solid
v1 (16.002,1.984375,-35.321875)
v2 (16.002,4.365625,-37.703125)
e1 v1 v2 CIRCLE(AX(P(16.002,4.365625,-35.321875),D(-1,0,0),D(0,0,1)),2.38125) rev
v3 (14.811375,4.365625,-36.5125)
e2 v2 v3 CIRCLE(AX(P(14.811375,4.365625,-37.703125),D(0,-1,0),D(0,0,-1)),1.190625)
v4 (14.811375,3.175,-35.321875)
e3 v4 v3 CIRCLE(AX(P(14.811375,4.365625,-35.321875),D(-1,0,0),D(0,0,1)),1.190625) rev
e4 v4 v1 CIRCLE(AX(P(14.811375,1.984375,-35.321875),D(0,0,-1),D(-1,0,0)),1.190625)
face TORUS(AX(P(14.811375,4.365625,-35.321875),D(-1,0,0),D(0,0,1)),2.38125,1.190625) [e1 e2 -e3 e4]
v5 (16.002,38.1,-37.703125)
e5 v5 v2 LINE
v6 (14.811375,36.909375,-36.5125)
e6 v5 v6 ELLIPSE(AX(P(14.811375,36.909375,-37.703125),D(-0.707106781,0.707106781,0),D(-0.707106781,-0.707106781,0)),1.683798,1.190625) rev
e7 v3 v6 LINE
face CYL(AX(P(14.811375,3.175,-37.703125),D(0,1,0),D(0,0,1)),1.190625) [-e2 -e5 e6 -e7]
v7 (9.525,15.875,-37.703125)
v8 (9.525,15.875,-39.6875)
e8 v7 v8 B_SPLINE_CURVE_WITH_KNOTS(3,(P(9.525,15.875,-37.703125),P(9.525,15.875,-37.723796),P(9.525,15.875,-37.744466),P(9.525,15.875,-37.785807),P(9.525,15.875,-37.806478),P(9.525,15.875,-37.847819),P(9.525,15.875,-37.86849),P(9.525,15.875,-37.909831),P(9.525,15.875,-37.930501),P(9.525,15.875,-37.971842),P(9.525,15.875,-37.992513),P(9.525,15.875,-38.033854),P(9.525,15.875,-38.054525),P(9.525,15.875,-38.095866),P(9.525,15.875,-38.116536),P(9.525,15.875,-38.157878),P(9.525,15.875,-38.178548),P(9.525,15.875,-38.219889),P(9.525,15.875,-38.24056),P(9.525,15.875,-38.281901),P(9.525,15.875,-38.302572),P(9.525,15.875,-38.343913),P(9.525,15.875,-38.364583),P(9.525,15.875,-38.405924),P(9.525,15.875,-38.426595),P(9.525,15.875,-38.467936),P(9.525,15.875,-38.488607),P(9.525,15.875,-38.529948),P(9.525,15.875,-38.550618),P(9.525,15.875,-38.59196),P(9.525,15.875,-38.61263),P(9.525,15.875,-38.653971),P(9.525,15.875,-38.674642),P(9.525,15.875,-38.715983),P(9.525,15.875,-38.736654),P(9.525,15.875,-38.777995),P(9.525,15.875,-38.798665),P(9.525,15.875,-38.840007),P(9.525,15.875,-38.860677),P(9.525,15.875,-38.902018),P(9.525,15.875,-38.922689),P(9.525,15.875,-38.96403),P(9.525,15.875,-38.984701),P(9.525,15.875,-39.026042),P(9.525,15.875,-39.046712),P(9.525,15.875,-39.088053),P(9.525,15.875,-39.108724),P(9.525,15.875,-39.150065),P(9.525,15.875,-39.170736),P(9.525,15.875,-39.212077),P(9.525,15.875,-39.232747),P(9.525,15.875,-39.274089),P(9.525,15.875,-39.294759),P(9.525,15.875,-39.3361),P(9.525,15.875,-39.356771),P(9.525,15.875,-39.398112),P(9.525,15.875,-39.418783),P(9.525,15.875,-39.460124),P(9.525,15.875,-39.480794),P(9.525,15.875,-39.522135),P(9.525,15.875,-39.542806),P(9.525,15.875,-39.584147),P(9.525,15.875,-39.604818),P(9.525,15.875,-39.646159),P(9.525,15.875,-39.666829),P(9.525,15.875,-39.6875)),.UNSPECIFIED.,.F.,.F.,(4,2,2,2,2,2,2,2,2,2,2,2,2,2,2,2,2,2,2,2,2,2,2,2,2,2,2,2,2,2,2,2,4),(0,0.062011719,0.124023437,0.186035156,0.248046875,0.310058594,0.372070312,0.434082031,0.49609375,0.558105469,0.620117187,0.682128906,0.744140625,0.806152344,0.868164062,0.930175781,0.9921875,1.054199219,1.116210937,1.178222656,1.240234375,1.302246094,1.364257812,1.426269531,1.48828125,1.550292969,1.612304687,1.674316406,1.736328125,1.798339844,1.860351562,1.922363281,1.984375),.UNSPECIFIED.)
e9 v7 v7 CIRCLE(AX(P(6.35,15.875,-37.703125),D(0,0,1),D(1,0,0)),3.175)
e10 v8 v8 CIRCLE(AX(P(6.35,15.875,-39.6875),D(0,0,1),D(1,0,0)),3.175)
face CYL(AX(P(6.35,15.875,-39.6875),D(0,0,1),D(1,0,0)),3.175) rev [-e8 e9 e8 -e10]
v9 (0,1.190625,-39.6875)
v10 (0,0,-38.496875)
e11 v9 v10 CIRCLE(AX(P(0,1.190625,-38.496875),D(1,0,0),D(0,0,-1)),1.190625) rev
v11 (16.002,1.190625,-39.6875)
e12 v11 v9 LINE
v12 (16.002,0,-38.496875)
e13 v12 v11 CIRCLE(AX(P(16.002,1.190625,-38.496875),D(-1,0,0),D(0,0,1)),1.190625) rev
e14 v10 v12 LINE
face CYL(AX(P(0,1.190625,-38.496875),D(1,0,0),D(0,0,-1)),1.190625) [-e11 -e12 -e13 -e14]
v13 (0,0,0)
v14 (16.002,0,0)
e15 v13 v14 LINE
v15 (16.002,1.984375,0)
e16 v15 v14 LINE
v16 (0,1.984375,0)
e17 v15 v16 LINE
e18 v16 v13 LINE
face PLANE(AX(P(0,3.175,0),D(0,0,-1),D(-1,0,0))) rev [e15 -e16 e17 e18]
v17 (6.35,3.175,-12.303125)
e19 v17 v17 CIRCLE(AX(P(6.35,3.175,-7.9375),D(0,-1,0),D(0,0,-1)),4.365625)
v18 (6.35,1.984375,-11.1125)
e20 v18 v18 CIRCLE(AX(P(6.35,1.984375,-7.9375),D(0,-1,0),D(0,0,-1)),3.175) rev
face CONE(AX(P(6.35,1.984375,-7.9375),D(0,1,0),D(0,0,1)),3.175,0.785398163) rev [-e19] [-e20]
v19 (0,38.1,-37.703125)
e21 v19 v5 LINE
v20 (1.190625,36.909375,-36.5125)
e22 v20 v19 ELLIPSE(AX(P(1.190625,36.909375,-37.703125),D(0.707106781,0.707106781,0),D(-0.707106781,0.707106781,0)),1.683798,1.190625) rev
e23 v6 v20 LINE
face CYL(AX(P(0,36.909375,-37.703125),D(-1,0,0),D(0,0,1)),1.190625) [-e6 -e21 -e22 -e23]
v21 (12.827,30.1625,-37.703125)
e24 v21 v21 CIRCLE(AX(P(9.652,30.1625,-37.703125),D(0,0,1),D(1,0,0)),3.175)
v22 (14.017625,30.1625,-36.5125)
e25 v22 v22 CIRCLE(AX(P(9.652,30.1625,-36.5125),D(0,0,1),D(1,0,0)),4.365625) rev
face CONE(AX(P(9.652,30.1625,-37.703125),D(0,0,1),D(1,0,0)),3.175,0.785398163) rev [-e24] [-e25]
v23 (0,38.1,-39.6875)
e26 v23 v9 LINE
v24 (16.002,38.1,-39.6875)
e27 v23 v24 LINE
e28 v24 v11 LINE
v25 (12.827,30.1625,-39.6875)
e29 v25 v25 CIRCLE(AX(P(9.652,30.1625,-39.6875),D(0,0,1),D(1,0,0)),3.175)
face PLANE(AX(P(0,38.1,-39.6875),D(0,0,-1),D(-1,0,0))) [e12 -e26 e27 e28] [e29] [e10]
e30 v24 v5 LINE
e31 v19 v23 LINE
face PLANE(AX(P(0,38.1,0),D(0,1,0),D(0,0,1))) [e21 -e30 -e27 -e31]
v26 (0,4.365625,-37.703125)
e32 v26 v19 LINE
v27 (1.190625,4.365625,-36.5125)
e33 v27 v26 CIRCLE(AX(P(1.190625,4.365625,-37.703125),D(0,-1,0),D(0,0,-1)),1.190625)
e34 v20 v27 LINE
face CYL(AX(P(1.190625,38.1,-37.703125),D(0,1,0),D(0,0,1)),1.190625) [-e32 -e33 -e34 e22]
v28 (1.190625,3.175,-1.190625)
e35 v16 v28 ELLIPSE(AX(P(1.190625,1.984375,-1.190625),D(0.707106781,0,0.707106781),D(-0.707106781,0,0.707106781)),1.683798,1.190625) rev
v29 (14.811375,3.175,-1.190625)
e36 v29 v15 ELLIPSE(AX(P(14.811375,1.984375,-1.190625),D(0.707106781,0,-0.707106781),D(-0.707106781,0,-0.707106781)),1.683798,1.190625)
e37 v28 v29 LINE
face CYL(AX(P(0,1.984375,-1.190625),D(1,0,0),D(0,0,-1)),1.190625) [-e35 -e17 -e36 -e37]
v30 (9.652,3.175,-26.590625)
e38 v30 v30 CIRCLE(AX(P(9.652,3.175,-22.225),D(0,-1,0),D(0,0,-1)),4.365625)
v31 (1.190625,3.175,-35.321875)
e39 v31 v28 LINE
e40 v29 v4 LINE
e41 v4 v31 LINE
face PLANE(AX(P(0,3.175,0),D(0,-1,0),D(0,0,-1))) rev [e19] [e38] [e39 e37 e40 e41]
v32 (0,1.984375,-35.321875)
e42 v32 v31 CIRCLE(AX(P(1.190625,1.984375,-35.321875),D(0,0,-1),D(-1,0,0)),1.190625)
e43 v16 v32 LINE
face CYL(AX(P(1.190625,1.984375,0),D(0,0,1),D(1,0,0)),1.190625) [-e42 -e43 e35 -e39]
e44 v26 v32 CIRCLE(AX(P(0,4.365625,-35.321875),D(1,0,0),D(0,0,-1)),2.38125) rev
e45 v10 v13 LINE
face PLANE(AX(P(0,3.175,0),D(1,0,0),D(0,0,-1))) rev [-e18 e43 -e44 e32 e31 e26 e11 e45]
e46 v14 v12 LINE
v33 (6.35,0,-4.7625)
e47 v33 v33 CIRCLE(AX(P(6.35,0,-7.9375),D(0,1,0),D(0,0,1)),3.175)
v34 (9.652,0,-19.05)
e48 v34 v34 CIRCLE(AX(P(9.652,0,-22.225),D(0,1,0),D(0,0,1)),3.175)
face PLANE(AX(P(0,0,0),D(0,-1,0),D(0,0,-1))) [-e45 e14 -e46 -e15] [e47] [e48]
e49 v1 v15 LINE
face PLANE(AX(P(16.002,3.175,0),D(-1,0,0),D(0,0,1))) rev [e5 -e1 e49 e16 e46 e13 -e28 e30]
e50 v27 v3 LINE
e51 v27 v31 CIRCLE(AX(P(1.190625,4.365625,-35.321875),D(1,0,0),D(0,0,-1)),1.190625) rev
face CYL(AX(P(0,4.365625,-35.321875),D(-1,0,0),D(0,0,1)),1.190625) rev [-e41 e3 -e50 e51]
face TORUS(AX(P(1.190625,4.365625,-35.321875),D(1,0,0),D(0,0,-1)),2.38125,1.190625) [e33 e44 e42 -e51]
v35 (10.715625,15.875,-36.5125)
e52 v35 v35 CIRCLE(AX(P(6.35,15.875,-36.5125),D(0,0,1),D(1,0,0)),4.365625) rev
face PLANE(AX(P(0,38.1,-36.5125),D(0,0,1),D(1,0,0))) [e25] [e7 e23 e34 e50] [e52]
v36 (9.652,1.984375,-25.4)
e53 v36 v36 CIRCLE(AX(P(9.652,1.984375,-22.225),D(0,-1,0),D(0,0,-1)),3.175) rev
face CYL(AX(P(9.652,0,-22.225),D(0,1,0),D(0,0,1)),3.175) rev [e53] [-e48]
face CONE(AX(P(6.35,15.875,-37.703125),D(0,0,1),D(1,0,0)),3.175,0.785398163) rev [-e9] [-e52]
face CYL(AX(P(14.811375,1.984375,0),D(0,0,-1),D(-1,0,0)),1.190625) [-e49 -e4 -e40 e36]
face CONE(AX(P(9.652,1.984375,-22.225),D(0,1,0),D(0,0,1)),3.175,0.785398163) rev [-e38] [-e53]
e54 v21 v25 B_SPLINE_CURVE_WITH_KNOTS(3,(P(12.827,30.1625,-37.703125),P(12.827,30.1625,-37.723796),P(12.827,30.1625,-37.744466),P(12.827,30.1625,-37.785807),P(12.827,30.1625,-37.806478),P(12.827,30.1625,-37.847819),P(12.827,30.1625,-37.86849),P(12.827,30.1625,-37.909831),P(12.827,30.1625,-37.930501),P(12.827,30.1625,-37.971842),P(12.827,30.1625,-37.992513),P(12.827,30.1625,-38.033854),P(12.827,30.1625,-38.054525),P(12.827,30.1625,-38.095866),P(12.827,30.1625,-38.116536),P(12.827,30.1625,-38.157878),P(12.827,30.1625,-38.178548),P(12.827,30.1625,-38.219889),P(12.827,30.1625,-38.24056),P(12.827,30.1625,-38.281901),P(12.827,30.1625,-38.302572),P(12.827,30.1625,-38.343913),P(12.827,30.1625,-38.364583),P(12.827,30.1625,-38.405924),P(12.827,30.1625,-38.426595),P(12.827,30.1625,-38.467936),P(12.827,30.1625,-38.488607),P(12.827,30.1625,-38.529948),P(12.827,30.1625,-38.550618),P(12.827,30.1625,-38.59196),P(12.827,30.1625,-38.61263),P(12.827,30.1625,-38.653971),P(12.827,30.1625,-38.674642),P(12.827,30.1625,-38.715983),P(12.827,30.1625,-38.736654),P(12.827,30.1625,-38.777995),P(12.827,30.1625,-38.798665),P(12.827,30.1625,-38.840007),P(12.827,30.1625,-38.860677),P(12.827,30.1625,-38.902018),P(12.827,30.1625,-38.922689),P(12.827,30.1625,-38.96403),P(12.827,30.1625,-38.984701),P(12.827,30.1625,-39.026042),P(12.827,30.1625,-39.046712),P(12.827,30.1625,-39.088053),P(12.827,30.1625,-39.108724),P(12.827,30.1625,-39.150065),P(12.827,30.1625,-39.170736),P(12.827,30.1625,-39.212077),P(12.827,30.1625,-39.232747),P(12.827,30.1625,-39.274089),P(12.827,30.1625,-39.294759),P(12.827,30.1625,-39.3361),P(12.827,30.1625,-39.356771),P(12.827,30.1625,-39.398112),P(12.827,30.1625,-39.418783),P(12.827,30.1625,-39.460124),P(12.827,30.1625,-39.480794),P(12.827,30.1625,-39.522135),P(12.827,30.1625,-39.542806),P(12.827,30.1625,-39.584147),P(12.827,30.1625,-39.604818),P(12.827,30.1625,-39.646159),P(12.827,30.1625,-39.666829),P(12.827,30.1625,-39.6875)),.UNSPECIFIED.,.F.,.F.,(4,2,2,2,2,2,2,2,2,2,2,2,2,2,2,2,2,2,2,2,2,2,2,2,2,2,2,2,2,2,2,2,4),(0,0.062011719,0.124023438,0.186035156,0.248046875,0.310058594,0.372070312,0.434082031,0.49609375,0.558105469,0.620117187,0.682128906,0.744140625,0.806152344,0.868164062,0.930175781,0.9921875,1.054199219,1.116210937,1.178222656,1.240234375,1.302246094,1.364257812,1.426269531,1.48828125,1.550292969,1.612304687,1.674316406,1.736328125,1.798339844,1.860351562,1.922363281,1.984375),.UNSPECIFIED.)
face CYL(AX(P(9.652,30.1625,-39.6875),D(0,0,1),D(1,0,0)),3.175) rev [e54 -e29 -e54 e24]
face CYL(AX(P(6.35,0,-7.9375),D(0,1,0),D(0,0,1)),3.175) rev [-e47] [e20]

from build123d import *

# Parameters (mm, degrees)
SKETCH1_W           = 16.002
SKETCH1_H           = 38.1
BOSS_EXTRUDE1_DEPTH = 3.175
SKETCH2_W           = 16.002
SKETCH2_H           = 3.175
BOSS_EXTRUDE2_DEPTH = 38.1
SKETCH3_R           = 3.175
CUT_EXTRUDE1_DEPTH  = 56.143781701
SKETCH4_R           = 3.175
CUT_EXTRUDE2_DEPTH  = 56.235109172
CHAMFER1_SIZE       = 1.190625
FILLET1_R           = 1.190625


with BuildPart() as part:
    # Sketch1 → Boss-Extrude1 (new body)
    with BuildSketch(Plane(origin=(0, 0, 0), x_dir=(1, 0, 0), z_dir=(0, 1, 0))):
        with Locations((8.001, 19.05)):
            Rectangle(SKETCH1_W, SKETCH1_H)
    extrude(amount=BOSS_EXTRUDE1_DEPTH)

    # Sketch2 → Boss-Extrude2 (add)
    with BuildSketch(Plane.XZ):
        with Locations((8.001, -38.1)):
            Rectangle(SKETCH2_W, SKETCH2_H)
    extrude(amount=-BOSS_EXTRUDE2_DEPTH)

    # Sketch3 → Cut-Extrude1 (cut, through all)
    with BuildSketch(Plane.XY.offset(-36.5125)):
        with Locations((9.652, 30.1625)):
            Circle(SKETCH3_R)
        with Locations((6.35, 15.875)):
            Circle(SKETCH3_R)
    extrude(amount=-CUT_EXTRUDE1_DEPTH, mode=Mode.SUBTRACT)

    # Sketch4 → Cut-Extrude2 (cut, through all)
    with BuildSketch(Plane(origin=(0, 3.175, 0), x_dir=(1, 0, 0), z_dir=(0, 1, 0))):
        with Locations(Location((9.652, 22.225, 0), (0, 0, 270))):
            Circle(SKETCH4_R)
        with Locations(Location((6.35, 7.9375, 0), (0, 0, 270))):
            Circle(SKETCH4_R)
    extrude(amount=-CUT_EXTRUDE2_DEPTH, mode=Mode.SUBTRACT)

    # Chamfer1
    chamfer1_edges = [part.edges().sort_by_distance(p)[0] for p in [
        (6.477, 30.1625, -36.5125),
        (3.175, 15.875, -36.5125),
        (9.652, 3.175, -25.4),
        (6.35, 3.175, -11.1125),
    ]]
    chamfer(chamfer1_edges, length=CHAMFER1_SIZE)

    # Fillet1
    fillet1_edges = [part.edges().sort_by_distance(p)[0] for p in [
        (16.002, 3.175, -18.25625),
        (0, 3.175, -18.25625),
        (8.001, 0, -39.6875),
        (8.001, 38.1, -36.5125),
        (0, 20.6375, -36.5125),
        (16.002, 20.6375, -36.5125),
        (8.001, 3.175, -36.5125),
        (8.001, 3.175, 0),
    ]]
    fillet(fillet1_edges, radius=FILLET1_R)


solid = part.part
